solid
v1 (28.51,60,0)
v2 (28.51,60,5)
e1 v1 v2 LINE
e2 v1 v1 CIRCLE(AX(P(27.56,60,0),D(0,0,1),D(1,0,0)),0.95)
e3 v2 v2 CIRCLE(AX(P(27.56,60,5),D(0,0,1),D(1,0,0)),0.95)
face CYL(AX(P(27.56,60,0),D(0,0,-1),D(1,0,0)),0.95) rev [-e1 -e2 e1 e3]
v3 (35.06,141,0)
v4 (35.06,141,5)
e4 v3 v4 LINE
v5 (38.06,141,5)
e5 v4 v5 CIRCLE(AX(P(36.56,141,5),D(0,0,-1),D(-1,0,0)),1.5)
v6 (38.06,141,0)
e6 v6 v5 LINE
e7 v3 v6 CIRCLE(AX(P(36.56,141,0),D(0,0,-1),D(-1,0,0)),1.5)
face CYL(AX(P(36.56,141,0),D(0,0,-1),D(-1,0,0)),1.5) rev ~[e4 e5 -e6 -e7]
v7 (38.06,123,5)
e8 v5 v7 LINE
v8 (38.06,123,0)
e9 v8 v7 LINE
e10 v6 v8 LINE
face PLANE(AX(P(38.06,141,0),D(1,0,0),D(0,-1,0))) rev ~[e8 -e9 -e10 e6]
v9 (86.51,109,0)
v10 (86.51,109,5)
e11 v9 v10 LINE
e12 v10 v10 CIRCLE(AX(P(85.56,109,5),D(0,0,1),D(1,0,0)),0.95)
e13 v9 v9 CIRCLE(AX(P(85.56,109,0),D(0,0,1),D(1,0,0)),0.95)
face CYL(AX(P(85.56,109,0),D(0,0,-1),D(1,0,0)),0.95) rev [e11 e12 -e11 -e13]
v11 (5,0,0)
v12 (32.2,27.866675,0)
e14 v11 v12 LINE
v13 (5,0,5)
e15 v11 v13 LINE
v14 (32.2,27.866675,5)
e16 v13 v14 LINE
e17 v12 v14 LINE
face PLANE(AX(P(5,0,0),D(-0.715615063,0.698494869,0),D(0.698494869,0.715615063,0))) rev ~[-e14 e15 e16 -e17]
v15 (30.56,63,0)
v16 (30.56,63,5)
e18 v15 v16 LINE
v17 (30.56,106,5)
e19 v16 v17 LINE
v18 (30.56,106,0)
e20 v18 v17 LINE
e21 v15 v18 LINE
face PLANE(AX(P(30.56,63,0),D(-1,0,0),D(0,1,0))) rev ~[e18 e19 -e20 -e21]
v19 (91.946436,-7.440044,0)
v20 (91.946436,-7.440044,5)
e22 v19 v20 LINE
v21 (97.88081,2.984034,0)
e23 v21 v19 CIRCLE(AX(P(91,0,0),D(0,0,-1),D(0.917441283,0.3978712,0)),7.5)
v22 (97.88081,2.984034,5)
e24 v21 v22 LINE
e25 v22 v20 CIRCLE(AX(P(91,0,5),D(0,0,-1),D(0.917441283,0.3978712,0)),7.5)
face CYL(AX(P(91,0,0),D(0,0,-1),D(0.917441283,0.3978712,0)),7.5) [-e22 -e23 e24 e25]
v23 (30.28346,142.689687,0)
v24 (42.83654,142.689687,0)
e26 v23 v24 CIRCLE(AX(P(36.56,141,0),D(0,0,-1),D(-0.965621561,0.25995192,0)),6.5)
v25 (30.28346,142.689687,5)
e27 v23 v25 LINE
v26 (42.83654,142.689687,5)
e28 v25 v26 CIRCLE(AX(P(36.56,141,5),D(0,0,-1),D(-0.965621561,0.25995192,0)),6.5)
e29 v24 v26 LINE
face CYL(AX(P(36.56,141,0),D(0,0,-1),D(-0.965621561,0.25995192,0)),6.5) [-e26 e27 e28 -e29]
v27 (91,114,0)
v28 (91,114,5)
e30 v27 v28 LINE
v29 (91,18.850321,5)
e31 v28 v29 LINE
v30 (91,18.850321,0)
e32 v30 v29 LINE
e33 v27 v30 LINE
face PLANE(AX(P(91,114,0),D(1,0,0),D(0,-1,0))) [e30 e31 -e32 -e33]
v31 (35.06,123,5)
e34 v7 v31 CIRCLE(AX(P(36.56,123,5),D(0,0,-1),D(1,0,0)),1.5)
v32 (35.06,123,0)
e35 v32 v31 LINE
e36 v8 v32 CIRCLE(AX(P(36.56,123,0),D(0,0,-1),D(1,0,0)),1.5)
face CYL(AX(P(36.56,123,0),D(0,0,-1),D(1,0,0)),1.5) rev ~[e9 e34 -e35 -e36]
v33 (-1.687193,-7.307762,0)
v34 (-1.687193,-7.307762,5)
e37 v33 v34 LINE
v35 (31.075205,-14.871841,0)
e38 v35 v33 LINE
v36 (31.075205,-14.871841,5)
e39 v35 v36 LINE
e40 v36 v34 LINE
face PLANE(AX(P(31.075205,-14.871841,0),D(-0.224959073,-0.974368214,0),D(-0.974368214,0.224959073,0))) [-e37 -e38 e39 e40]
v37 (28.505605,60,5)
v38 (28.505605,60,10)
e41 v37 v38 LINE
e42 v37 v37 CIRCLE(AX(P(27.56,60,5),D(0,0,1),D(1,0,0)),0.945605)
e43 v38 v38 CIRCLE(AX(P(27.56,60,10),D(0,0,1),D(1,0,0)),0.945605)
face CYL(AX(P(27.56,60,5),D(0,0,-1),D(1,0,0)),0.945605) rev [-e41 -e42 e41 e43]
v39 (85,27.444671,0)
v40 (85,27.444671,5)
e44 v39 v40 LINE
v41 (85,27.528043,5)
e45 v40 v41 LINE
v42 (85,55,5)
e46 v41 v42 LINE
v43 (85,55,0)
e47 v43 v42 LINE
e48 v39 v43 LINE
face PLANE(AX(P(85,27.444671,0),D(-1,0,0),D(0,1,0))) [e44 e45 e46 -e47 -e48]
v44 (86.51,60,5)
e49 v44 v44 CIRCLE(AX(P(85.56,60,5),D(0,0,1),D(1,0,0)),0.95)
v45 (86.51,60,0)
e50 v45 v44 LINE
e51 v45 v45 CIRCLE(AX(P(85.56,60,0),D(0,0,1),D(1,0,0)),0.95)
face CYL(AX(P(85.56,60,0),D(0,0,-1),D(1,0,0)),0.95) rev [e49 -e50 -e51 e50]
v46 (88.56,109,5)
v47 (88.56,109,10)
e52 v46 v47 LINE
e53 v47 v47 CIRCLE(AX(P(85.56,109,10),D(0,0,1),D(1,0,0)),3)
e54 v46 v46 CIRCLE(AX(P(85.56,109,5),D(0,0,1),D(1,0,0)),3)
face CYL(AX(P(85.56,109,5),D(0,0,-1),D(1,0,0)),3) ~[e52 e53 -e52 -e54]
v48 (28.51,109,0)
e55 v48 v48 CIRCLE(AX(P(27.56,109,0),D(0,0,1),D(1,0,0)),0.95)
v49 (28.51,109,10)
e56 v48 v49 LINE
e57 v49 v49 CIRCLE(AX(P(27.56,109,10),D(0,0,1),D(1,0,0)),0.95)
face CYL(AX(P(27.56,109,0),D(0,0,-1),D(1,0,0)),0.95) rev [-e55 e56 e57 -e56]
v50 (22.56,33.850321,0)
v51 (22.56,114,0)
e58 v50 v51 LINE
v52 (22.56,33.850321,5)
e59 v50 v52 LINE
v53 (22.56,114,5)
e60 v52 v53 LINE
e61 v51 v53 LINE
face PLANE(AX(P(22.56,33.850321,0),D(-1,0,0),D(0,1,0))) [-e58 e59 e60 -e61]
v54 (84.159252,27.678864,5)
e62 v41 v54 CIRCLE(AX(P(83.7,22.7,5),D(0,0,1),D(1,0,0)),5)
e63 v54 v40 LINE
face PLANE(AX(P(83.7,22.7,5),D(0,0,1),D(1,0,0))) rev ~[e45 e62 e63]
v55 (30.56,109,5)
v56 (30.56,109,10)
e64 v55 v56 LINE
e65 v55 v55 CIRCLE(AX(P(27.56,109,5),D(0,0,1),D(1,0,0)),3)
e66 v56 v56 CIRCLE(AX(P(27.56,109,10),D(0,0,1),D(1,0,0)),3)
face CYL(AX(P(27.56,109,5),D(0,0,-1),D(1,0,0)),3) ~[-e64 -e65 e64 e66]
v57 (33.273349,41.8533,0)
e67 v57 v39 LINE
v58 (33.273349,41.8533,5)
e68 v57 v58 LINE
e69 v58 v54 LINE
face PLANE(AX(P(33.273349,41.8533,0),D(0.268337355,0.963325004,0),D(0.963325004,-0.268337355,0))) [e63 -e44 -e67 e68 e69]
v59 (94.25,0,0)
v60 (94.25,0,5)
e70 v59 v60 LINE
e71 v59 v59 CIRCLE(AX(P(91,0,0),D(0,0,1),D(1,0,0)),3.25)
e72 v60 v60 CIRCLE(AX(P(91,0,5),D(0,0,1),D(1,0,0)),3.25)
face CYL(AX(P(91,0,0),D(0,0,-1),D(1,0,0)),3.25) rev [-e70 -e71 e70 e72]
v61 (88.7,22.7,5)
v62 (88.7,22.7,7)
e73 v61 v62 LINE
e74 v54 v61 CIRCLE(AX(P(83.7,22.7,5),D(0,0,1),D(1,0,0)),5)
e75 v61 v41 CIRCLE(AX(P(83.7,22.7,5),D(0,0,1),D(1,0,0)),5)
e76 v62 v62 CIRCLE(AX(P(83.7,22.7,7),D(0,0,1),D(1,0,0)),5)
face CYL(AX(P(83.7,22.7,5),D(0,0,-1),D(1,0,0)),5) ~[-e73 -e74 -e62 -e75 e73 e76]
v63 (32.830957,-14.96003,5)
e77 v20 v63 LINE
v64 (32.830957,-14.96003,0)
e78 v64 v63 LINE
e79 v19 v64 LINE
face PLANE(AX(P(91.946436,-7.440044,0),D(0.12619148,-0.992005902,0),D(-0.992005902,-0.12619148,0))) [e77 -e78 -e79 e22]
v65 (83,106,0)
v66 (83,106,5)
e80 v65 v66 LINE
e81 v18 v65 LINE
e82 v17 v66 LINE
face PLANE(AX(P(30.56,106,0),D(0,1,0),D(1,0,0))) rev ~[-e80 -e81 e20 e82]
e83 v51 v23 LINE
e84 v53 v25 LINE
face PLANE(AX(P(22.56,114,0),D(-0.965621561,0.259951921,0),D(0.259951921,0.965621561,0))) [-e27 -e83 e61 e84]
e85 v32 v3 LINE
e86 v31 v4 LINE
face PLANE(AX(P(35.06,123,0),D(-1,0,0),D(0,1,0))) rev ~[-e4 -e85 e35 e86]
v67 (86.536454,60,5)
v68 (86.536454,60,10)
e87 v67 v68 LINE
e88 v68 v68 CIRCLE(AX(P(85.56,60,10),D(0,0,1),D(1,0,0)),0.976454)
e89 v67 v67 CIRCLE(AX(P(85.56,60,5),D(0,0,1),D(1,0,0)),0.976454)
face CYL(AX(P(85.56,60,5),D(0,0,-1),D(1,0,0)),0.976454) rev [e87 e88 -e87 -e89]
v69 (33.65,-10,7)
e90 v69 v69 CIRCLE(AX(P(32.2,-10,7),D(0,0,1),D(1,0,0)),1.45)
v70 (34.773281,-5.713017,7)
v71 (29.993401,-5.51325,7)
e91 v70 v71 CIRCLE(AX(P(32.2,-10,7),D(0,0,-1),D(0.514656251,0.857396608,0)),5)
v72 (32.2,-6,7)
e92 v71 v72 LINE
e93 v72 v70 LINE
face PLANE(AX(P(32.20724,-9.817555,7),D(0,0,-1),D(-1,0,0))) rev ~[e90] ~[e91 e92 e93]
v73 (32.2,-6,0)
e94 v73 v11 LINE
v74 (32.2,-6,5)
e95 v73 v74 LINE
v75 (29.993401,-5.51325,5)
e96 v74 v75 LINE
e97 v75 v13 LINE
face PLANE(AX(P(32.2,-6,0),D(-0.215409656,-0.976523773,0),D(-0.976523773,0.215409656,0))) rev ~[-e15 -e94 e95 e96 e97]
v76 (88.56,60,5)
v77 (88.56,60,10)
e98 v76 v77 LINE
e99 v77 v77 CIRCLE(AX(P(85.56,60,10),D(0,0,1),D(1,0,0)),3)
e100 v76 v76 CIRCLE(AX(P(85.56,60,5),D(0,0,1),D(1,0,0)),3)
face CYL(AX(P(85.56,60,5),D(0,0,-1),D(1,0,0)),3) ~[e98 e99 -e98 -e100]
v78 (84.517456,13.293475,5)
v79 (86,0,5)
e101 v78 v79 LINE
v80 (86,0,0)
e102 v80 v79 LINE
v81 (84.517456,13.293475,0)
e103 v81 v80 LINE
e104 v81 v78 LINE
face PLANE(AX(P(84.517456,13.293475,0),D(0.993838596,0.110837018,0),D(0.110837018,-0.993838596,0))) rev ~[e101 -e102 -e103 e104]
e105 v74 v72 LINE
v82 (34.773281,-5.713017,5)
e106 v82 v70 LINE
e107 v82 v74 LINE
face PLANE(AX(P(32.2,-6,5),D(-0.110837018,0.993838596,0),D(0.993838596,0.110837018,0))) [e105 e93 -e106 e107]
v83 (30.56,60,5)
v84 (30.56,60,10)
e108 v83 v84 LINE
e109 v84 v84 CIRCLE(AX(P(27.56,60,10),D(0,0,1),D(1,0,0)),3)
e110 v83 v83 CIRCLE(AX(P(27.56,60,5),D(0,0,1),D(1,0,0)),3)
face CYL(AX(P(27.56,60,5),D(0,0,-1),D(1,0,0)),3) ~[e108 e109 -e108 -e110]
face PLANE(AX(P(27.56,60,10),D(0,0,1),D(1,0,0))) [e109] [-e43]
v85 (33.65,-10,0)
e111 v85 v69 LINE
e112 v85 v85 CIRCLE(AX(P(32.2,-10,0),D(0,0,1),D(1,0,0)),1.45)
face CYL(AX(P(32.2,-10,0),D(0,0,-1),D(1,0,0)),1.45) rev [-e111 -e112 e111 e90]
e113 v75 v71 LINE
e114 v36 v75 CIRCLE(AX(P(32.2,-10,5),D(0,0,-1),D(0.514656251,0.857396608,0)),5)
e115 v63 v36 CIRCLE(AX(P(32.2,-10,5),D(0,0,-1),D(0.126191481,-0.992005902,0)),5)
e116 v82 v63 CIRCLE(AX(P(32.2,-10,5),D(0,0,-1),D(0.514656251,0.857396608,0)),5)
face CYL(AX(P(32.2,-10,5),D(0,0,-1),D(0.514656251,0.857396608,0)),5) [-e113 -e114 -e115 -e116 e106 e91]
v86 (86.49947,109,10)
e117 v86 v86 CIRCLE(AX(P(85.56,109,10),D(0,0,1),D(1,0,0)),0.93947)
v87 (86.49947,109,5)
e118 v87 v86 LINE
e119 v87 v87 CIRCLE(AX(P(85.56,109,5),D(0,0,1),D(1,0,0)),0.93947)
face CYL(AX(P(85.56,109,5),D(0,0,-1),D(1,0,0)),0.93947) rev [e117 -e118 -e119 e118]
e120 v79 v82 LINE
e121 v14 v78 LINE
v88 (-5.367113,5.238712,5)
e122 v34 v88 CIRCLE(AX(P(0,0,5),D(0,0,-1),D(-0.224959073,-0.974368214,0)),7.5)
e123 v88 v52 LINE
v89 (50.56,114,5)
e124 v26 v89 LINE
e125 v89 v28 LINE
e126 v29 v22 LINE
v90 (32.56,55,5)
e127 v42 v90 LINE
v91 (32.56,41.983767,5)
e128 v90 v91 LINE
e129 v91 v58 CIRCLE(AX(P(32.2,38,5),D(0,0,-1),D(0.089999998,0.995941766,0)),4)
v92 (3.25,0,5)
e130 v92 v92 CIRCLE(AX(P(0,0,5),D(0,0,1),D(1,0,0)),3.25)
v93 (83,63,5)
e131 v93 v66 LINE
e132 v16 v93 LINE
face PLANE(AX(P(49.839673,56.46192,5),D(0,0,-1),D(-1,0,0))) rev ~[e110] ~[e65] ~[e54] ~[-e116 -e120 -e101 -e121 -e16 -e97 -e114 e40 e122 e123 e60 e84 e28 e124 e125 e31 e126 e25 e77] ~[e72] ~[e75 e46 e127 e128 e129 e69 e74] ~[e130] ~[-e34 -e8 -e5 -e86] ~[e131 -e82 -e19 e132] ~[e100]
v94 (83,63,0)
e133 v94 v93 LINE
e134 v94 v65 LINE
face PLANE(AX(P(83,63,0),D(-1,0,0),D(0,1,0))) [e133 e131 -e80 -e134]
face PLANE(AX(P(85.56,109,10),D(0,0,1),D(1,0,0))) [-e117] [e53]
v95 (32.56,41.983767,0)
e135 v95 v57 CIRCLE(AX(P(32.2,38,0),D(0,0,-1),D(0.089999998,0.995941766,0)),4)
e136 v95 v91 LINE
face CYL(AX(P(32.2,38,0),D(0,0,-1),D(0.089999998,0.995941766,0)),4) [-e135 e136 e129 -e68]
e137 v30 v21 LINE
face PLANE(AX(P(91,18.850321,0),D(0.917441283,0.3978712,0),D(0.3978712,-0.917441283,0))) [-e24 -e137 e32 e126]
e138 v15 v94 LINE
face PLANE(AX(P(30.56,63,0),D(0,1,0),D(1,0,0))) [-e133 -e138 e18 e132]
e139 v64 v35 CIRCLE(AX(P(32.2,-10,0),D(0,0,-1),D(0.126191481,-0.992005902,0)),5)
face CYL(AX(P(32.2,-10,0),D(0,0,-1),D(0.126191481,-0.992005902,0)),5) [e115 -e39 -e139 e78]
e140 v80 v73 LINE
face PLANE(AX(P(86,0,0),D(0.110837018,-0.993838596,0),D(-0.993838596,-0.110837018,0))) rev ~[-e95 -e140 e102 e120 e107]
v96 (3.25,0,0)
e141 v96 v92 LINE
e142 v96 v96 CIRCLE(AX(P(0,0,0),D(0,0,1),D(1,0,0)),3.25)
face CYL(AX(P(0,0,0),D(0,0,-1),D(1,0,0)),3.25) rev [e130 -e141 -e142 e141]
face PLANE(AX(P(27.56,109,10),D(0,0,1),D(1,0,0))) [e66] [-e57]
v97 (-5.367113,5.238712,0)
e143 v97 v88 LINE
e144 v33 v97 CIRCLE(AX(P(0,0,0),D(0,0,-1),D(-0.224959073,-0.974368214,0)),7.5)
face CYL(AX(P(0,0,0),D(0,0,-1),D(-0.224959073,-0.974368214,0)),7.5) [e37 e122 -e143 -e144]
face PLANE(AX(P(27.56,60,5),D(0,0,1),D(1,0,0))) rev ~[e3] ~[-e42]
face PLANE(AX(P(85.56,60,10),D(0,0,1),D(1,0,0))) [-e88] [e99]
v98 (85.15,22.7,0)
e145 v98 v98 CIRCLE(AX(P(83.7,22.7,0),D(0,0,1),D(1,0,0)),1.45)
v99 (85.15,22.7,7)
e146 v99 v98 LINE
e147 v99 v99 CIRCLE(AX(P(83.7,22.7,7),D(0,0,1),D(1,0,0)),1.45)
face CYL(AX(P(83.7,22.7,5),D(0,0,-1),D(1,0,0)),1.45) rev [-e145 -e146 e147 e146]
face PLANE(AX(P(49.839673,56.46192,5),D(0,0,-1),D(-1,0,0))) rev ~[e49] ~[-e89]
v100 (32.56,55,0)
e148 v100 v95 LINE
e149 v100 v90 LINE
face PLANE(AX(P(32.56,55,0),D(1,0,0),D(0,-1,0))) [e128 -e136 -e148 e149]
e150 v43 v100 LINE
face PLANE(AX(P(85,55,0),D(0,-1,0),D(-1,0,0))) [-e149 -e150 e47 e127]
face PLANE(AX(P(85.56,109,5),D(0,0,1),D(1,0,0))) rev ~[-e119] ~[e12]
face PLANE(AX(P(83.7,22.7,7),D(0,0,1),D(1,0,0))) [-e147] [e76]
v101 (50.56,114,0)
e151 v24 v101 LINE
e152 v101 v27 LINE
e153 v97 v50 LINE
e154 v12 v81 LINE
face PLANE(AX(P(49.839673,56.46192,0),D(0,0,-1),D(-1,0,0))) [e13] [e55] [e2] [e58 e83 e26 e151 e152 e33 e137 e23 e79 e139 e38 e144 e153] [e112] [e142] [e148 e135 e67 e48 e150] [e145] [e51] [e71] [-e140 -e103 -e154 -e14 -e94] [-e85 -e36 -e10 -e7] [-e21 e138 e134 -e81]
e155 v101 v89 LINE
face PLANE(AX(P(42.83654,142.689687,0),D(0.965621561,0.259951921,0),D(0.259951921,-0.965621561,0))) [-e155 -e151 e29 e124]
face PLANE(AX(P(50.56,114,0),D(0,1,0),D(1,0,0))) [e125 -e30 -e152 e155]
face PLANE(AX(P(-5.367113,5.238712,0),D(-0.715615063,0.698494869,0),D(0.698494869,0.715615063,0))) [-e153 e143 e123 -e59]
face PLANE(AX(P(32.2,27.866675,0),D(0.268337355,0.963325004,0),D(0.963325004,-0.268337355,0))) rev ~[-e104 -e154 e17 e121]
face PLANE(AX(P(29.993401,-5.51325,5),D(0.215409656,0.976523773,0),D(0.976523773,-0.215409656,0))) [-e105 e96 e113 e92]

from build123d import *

# Parameters (mm, degrees)
SKETCH1_R           = 3.25
SKETCH1_R_2         = 1.45
SKETCH1_R_3         = 0.95
SKETCH1_W           = 52.44
SKETCH1_H           = 43
BOSS_EXTRUDE1_DEPTH = 5
SKETCH2_R           = 5
SKETCH2_R_2         = 1.45
BOSS_EXTRUDE2_DEPTH = 2
SKETCH3_R           = 3
SKETCH3_R_2         = 0.945605266
SKETCH3_R_3         = 0.976454059
SKETCH3_R_4         = 0.939469919
SKETCH3_R_5         = 0.95
BOSS_EXTRUDE3_DEPTH = 5


with BuildPart() as part:
    # Sketch1 → Boss-Extrude1 (new body)
    with BuildSketch(Plane.XY):
        with BuildLine():
            Line((-5.367112971, 5.238711517), (22.56, 33.850321407))
            Line((22.56, 33.850321407), (22.56, 114))
            Line((22.56, 114), (30.283459854, 142.689687483))
            ThreePointArc((30.283459854, 142.689687483), (36.56, 147.5), (42.836540146, 142.689687483))
            Line((42.836540146, 142.689687483), (50.56, 114))
            Line((50.56, 114), (91, 114))
            Line((91, 114), (91, 18.850321407))
            Line((91, 18.850321407), (97.880809624, 2.984034001))
            ThreePointArc((97.880809624, 2.984034001), (97.517806061, -3.71055308), (91.9464361, -7.440044268))
            Line((91.9464361, -7.440044268), (32.8309574, -14.960029512))
            ThreePointArc((32.8309574, -14.960029512), (31.949174794, -14.993704709), (31.075204637, -14.871841068))
            Line((31.075204637, -14.871841068), (-1.687193044, -7.307761602))
            ThreePointArc((-1.687193044, -7.307761602), (-7.196826055, -2.11085166), (-5.367112971, 5.238711517))
        make_face()
        Circle(SKETCH1_R, mode=Mode.SUBTRACT)
        with Locations((91, 0)):
            Circle(SKETCH1_R, mode=Mode.SUBTRACT)
        with Locations((32.2, -10)):
            Circle(SKETCH1_R_2, mode=Mode.SUBTRACT)
        with Locations((83.7, 22.7)):
            Circle(SKETCH1_R_2, mode=Mode.SUBTRACT)
        with Locations((27.56, 109)):
            Circle(SKETCH1_R_3, mode=Mode.SUBTRACT)
        with Locations((27.56, 60)):
            Circle(SKETCH1_R_3, mode=Mode.SUBTRACT)
        with Locations((85.56, 60)):
            Circle(SKETCH1_R_3, mode=Mode.SUBTRACT)
        with Locations((85.56, 109)):
            Circle(SKETCH1_R_3, mode=Mode.SUBTRACT)
        with BuildLine():
            Line((33.273349419, 41.853300017), (85, 27.444671021))
            Line((85, 27.444671021), (85, 55))
            Line((85, 55), (32.56, 55))
            Line((32.56, 55), (32.56, 41.983767061))
            ThreePointArc((32.56, 41.983767061), (32.919637445, 41.934732767), (33.273349419, 41.853300017))
        make_face(mode=Mode.SUBTRACT)
        with Locations((56.78, 84.5)):
            Rectangle(SKETCH1_W, SKETCH1_H, mode=Mode.SUBTRACT)
        Polygon((32.2, -6), (5, 0), (32.2, 27.866675292), (84.517456272, 13.293475424), (86, 0), align=None, mode=Mode.SUBTRACT)
        with BuildLine():
            Line((38.06, 141), (38.06, 123))
            ThreePointArc((38.06, 123), (36.56, 121.5), (35.06, 123))
            Line((35.06, 123), (35.06, 141))
            ThreePointArc((35.06, 141), (36.56, 142.5), (38.06, 141))
        make_face(mode=Mode.SUBTRACT)
    extrude(amount=BOSS_EXTRUDE1_DEPTH)

    # Sketch2 → Boss-Extrude2 (add)
    with BuildSketch(Plane.XY.offset(5)):
        with Locations((83.7, 22.7)):
            Circle(SKETCH2_R)
        with Locations((83.7, 22.7)):
            Circle(SKETCH2_R_2, mode=Mode.SUBTRACT)
        with BuildLine():
            Line((32.2, -6), (34.773281255, -5.71301696))
            ThreePointArc((34.773281255, -5.71301696), (31.991216079, -14.995639026), (29.993401427, -5.513250315))
            Line((29.993401427, -5.513250315), (32.2, -6))
        make_face()
        with Locations((32.2, -10)):
            Circle(SKETCH2_R_2, mode=Mode.SUBTRACT)
    extrude(amount=BOSS_EXTRUDE2_DEPTH)

    # Sketch3 → Boss-Extrude3 (add)
    with BuildSketch(Plane.XY.offset(5)):
        with Locations((27.56, 60)):
            Circle(SKETCH3_R)
        with Locations((27.56, 60)):
            Circle(SKETCH3_R_2, mode=Mode.SUBTRACT)
        with Locations((85.56, 60)):
            Circle(SKETCH3_R)
        with Locations((85.56, 60)):
            Circle(SKETCH3_R_3, mode=Mode.SUBTRACT)
        with Locations((85.56, 109)):
            Circle(SKETCH3_R)
        with Locations((85.56, 109)):
            Circle(SKETCH3_R_4, mode=Mode.SUBTRACT)
        with Locations((27.56, 109)):
            Circle(SKETCH3_R)
        with Locations((27.56, 109)):
            Circle(SKETCH3_R_5, mode=Mode.SUBTRACT)
    extrude(amount=BOSS_EXTRUDE3_DEPTH)


solid = part.part
